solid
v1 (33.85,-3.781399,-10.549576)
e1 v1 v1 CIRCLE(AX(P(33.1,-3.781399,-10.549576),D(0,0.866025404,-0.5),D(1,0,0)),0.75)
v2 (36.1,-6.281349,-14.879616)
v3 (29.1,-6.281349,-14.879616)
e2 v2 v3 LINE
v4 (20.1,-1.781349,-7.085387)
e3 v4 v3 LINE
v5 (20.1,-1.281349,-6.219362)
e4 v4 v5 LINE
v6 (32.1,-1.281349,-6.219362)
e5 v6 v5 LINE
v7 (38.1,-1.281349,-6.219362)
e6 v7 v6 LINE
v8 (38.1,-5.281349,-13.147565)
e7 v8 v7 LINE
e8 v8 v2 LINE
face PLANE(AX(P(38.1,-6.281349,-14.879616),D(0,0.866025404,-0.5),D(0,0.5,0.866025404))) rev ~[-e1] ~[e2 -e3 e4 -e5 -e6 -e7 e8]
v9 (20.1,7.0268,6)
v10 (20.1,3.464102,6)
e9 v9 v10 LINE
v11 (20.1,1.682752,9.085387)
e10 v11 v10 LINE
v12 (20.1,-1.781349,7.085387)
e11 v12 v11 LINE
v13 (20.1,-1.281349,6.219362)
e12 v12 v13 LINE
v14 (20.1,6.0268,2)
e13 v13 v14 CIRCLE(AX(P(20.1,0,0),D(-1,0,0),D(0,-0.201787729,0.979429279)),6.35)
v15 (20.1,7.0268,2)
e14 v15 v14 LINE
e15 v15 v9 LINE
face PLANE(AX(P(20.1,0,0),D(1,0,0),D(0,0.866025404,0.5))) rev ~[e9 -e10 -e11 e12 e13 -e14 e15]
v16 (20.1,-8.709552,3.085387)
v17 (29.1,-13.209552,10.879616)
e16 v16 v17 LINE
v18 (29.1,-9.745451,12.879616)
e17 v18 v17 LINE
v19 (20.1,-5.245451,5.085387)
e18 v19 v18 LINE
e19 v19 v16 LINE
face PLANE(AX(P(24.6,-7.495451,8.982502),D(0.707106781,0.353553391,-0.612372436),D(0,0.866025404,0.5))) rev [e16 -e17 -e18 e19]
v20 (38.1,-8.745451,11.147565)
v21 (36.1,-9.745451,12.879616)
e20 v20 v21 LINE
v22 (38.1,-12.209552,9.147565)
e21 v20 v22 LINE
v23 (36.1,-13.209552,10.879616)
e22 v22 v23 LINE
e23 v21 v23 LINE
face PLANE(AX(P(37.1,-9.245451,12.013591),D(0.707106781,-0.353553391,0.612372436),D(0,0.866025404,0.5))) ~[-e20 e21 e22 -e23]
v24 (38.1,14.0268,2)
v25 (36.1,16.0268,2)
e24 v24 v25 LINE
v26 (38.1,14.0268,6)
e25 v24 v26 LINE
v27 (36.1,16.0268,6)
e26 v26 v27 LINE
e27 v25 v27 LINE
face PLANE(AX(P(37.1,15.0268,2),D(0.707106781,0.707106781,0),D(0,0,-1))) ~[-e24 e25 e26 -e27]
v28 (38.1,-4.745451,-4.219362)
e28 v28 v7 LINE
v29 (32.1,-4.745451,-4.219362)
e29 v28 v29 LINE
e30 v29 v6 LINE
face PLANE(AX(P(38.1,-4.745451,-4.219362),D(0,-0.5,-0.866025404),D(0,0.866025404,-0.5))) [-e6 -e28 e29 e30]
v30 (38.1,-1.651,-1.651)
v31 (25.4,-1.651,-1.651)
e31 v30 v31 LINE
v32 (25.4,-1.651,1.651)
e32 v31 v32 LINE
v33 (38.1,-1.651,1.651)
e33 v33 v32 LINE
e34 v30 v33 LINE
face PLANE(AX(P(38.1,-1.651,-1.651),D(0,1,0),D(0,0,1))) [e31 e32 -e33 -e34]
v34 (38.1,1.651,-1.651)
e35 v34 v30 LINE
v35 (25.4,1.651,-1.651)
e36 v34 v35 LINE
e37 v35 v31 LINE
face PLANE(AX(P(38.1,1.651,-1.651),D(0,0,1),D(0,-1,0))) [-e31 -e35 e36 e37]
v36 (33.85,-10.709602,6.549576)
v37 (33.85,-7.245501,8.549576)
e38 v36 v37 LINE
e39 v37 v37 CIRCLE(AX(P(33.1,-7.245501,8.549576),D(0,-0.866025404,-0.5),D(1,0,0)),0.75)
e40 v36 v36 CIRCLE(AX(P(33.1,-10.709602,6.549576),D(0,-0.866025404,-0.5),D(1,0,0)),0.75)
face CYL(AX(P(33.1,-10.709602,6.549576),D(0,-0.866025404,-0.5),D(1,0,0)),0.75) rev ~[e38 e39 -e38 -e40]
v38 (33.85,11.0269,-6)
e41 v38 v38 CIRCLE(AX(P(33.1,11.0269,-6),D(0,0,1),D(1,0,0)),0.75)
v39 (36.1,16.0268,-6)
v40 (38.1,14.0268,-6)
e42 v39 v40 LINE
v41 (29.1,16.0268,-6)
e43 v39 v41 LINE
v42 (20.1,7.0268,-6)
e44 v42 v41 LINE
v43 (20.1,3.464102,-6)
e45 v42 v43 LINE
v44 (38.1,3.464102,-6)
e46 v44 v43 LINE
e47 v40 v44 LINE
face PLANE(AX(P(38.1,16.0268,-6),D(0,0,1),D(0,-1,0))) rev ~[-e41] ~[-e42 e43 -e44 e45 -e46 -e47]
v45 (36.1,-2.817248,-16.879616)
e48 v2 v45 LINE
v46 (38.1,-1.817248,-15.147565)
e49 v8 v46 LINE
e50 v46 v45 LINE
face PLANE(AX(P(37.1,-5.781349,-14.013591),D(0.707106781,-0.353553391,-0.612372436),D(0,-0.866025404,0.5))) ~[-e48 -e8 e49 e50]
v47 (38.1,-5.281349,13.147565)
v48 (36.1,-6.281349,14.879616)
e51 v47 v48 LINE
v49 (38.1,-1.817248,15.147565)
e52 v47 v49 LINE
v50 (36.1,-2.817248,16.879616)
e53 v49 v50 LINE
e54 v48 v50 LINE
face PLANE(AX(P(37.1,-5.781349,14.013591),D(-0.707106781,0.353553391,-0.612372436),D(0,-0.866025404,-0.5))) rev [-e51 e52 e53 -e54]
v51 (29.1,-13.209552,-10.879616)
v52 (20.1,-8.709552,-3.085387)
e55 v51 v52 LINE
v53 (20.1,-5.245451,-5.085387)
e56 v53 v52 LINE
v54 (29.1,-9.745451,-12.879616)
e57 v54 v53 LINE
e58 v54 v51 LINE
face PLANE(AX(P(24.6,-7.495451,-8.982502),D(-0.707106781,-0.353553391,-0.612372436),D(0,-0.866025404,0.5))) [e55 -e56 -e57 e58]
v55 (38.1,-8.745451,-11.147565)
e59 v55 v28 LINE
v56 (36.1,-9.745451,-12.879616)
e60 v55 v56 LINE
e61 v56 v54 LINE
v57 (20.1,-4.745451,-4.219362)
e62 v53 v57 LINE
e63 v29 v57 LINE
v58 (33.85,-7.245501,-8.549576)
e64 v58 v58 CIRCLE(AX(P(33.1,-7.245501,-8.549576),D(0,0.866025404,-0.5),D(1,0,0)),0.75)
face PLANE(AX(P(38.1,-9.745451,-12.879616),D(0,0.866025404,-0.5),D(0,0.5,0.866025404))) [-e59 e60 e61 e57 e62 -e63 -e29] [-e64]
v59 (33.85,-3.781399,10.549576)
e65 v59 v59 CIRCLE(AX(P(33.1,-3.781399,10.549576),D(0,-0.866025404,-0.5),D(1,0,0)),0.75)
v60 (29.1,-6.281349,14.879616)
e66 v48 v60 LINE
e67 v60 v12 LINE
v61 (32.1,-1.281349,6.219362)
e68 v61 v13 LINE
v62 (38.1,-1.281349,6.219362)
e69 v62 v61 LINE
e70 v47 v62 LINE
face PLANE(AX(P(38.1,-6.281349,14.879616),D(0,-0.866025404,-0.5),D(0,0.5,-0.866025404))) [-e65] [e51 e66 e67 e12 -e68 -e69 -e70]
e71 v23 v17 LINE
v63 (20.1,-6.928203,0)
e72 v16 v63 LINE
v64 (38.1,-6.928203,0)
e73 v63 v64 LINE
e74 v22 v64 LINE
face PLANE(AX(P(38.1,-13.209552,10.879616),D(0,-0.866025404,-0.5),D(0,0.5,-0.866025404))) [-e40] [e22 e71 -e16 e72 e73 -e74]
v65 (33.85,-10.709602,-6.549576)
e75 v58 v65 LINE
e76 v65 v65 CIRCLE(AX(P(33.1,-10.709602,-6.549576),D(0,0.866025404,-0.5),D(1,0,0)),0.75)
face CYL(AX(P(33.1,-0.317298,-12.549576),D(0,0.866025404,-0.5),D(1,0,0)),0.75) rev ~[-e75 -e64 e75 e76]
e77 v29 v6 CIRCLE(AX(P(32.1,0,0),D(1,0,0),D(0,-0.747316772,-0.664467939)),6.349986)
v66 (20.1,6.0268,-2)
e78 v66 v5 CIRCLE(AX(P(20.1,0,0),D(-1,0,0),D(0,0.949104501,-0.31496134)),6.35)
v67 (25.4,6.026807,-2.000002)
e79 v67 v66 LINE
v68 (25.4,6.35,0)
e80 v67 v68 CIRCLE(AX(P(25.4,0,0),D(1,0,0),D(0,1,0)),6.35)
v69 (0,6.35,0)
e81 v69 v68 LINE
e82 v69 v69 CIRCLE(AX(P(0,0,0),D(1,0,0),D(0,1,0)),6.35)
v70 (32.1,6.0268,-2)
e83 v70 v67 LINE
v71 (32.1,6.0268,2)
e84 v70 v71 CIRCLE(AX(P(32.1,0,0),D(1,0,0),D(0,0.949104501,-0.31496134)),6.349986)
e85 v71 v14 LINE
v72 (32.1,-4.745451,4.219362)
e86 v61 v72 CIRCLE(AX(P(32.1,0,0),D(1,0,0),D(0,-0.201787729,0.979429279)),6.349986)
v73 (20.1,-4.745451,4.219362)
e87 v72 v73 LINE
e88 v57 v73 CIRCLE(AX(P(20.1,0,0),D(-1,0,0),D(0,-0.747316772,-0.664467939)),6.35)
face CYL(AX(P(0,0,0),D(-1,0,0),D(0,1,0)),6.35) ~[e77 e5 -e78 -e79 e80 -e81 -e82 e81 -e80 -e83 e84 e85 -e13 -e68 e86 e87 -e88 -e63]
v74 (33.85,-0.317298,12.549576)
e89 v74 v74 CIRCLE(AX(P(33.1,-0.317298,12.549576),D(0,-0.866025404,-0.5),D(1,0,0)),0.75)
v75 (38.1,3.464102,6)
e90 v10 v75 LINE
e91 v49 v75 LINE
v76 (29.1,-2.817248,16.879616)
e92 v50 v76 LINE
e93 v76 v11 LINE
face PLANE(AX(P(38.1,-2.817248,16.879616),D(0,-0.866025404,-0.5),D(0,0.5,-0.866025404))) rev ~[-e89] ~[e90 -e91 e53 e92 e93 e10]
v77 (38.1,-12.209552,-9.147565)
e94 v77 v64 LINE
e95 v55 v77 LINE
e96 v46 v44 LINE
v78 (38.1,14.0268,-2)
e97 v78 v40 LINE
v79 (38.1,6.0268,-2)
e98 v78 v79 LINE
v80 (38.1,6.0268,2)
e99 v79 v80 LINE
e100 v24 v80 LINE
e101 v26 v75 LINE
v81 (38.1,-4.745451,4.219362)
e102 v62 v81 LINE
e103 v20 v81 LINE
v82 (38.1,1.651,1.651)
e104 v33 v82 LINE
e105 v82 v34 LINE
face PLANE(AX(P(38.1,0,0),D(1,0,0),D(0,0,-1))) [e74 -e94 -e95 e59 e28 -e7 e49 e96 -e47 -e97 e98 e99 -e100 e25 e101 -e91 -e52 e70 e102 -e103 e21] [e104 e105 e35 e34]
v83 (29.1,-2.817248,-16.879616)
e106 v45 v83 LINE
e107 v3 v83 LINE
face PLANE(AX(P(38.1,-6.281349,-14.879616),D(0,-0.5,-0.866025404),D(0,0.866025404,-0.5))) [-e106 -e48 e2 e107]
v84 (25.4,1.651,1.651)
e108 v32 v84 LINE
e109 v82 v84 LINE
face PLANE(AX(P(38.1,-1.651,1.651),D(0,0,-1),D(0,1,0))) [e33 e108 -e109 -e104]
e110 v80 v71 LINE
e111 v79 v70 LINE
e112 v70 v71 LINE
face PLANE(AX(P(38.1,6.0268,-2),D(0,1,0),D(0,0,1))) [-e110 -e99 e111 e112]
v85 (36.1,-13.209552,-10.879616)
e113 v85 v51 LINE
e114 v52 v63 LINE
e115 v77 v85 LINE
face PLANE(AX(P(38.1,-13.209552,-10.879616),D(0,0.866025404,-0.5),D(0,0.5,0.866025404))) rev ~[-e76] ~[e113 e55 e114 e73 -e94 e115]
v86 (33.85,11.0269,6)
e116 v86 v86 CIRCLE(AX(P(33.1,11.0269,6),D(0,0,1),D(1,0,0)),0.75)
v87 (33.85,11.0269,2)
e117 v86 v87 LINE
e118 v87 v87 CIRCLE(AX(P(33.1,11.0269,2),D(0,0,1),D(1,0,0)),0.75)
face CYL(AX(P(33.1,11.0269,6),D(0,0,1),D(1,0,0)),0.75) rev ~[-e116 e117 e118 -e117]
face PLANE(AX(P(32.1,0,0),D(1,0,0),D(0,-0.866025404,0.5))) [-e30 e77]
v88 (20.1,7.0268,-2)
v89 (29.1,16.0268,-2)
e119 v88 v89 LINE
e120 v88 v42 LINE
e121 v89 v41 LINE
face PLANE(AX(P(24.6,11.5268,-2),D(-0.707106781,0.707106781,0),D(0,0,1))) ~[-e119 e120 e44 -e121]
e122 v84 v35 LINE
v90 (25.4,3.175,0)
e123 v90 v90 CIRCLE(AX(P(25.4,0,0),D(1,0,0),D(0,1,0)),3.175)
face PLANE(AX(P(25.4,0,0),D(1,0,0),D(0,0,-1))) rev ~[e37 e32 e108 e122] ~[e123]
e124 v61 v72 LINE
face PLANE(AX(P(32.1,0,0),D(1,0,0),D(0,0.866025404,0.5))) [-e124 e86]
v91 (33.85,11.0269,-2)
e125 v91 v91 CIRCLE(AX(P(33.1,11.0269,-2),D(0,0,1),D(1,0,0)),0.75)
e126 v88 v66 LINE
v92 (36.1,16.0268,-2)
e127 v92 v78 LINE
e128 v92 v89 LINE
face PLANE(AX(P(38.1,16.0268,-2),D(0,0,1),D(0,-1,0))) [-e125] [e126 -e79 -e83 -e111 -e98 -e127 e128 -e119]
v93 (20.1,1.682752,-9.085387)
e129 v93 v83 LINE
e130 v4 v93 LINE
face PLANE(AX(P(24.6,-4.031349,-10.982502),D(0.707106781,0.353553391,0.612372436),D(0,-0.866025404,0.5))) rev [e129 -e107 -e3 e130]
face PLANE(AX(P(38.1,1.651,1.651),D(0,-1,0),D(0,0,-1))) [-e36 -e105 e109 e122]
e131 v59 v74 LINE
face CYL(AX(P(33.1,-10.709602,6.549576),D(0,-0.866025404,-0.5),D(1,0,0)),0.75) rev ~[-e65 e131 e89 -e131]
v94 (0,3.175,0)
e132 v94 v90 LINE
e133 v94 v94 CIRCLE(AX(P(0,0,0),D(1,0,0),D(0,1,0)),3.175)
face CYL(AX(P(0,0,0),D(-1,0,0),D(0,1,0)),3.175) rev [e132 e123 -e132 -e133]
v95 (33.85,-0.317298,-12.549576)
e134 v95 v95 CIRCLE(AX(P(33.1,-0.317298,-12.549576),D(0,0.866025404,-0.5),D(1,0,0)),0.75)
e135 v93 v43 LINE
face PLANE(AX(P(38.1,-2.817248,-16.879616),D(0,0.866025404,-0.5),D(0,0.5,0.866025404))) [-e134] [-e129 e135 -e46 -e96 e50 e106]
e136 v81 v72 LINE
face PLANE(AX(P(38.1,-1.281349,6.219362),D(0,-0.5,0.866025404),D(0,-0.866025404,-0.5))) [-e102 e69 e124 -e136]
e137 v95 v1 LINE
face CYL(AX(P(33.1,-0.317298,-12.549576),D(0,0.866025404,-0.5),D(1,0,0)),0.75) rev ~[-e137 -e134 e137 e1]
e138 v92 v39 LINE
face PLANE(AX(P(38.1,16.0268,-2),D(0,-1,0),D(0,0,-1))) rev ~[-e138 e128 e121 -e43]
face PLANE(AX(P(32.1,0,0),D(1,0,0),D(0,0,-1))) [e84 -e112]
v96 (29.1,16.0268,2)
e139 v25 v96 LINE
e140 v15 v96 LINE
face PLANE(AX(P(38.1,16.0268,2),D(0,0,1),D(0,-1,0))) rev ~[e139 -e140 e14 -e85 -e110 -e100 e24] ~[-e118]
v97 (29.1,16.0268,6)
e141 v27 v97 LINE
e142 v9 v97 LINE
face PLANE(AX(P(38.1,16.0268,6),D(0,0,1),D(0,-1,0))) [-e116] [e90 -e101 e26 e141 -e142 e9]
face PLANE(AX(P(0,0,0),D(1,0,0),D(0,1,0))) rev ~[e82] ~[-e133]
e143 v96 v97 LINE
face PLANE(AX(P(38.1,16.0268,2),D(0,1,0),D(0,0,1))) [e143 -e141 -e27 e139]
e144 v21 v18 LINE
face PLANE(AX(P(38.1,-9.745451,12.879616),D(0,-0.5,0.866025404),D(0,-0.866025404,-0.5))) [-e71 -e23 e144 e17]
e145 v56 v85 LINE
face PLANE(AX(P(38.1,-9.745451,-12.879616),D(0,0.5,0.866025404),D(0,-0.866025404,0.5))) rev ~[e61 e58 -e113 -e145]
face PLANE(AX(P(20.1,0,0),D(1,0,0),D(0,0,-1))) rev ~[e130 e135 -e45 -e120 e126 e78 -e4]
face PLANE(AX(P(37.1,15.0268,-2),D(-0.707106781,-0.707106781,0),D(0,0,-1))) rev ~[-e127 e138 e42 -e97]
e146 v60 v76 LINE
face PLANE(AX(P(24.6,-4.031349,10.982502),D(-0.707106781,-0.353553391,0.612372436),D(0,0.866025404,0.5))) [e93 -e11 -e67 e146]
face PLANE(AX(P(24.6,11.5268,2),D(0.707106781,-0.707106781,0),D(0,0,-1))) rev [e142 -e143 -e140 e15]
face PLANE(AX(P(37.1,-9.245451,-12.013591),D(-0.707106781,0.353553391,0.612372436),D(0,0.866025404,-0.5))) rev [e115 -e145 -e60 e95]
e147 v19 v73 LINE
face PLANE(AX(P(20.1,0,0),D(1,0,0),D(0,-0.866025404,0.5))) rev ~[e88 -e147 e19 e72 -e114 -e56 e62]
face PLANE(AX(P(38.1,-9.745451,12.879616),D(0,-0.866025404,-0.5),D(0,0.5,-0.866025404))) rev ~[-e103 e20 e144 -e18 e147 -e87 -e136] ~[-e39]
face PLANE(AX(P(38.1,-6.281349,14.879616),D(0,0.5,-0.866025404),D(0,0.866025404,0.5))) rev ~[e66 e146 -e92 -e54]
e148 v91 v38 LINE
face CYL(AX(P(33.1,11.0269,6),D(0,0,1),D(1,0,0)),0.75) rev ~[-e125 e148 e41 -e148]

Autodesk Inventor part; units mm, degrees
ref_plane "YZ Plane" through (0, 0, 0) normal (1, 0, 0) x (0, 1, 0)
ref_plane "XZ Plane" through (0, 0, 0) normal (0, 1, 0) x (-1, 0, 0)
ref_plane "XY Plane" through (0, 0, 0) normal (0, 0, 1) x (1, 0, 0)
sketch "Sketch1" plane through (0, 0, 0) normal (1, 0, 0) x (0, 1, 0)
  circle A0 centre (0, 0) radius 3.175
  circle A1 centre (0, 0) radius 6.35
  dimension "d0" = 6.35
  dimension "d1" = 12.7
extrude "Extrusion1" add sketch "Sketch1" along normal blind 25.4
sketch "Sketch2" plane through (25.4, 0, 0) normal (1, 0, 0) x (0, 0, -1)
  circle A0 centre (0, 0) radius 6.35 projected
  circle A1 centre (0, 0) radius 1.5875
  circle A2 centre (0, 0) radius 6.35
  dimension "d4" = 3.175
extrude "Extrusion2" add sketch "Sketch2" along normal blind 12.7
sketch "Sketch3" plane through (38.1, 0, 0) normal (1, 0, 0) x (0, 0, -1)
  circle A0 centre (0, 0) radius 6.35 projected
  line L0 (2, 16.0268) -> (2, 6.0268)
  line L1 (2, 16.0268) -> (6, 16.0268)
  line L2 (6, 16.0268) -> (6, 2.0791)
  line L3 (-2, 16.0268) -> (-2, 6.0268)
  line L4 (-2, 16.0268) -> (-6, 16.0268)
  line L5 (-6, 16.0268) -> (-6, 2.0791)
  dimension "d11" = 4
  dimension "d12" = 10
  dimension "d13" = 10
extrude "Extrusion3" add sketch "Sketch3" against normal blind 18 contours A0 L0 L1 L2 | L5 L4 L3 A0
chamfer "Chamfer1" distance 9 angle 45 2 edges at (20.1, 16.0268, 4) (20.1, 16.0268, -4)
chamfer "Chamfer2" distance 2 angle 45 2 edges at (38.1, 16.0268, 4) (38.1, 16.0268, -4)
sketch "Sketch5" plane through (20.1, 2.0791, 6) normal (0, 0, 1) x (1, 0, 0)
  line L0 (16, 13.9478) -> (9, 13.9478) projected
  line L1 (18, 11.9478) -> (18, 0) projected
  circle A0 centre (13, 8.9478) radius 0.75
  point P0 (-20.1, -2.0791)
  dimension "d30" = 1.5
  dimension "d31" = 5
  dimension "d32" = 5
extrude "Extrusion5" cut sketch "Sketch5" against normal blind 15
sketch "Sketch6" plane through (38.1, 0, 0) normal (1, 0, 0) x (0, 0, -1)
  arc A0 (2, 6.0268) -> (-2, 6.0268) centre (0, 0) ccw projected
  line L0 (-6, 14.0268) -> (-6, 2.0791) projected
  line L1 (2, 6.0268) -> (-2, 6.0268)
  point P0 (-6, 3.4641)
extrude "Extrusion6" cut sketch "Sketch6" against normal blind 6
pattern_circular "Circular Pattern3" count 3 over 360 about axis through (0, 0, 0) along (1, 0, 0) of "Extrusion3", "Chamfer2", "Extrusion5", "Extrusion6", "Chamfer1"
sketch "Sketch7" plane through (38.1, 0, 0) normal (1, 0, 0) x (0, 0, -1)
  circle A0 centre (0, 0) radius 1.5875 projected
  circle A1 centre (0, 0) radius 1.524
  line L0 (-1.524, 1.524) -> (1.524, 1.524)
  line L1 (1.524, 1.524) -> (1.524, -1.524)
  line L2 (1.524, -1.524) -> (-1.524, -1.524)
  line L3 (-1.524, -1.524) -> (-1.524, 1.524)
  circle A2 centre (0, 0) radius 1.5875
  dimension "d43" = 3.048
extrude "Extrusion7" add sketch "Sketch7" against normal blind 3.175 contours A0 L1 | L1 A1 L0 A0 | A0 L2 A1 L1 | L0 A0 | A1 | A0 L2 | L0 A1 L3 A0 | L2 A0 L3 A1 | L3 A0
sketch "Sketch8" plane through (38.1, 0, 0) normal (1, 0, 0) x (0, 0, -1)
  line L0 (-1.651, 1.651) -> (1.651, 1.651)
  line L1 (1.651, 1.651) -> (1.651, -1.651)
  line L2 (1.651, -1.651) -> (-1.651, -1.651)
  line L3 (-1.651, -1.651) -> (-1.651, 1.651)
  point P0 (0, 0)
  dimension "d46" = 1.651
  dimension "d48" = 1.651
  dimension "d49" = 3.302
  dimension "d50" = 3.302
extrude "Extrusion8" cut sketch "Sketch8" against normal blind 12.7
properties part number "Coupler"
